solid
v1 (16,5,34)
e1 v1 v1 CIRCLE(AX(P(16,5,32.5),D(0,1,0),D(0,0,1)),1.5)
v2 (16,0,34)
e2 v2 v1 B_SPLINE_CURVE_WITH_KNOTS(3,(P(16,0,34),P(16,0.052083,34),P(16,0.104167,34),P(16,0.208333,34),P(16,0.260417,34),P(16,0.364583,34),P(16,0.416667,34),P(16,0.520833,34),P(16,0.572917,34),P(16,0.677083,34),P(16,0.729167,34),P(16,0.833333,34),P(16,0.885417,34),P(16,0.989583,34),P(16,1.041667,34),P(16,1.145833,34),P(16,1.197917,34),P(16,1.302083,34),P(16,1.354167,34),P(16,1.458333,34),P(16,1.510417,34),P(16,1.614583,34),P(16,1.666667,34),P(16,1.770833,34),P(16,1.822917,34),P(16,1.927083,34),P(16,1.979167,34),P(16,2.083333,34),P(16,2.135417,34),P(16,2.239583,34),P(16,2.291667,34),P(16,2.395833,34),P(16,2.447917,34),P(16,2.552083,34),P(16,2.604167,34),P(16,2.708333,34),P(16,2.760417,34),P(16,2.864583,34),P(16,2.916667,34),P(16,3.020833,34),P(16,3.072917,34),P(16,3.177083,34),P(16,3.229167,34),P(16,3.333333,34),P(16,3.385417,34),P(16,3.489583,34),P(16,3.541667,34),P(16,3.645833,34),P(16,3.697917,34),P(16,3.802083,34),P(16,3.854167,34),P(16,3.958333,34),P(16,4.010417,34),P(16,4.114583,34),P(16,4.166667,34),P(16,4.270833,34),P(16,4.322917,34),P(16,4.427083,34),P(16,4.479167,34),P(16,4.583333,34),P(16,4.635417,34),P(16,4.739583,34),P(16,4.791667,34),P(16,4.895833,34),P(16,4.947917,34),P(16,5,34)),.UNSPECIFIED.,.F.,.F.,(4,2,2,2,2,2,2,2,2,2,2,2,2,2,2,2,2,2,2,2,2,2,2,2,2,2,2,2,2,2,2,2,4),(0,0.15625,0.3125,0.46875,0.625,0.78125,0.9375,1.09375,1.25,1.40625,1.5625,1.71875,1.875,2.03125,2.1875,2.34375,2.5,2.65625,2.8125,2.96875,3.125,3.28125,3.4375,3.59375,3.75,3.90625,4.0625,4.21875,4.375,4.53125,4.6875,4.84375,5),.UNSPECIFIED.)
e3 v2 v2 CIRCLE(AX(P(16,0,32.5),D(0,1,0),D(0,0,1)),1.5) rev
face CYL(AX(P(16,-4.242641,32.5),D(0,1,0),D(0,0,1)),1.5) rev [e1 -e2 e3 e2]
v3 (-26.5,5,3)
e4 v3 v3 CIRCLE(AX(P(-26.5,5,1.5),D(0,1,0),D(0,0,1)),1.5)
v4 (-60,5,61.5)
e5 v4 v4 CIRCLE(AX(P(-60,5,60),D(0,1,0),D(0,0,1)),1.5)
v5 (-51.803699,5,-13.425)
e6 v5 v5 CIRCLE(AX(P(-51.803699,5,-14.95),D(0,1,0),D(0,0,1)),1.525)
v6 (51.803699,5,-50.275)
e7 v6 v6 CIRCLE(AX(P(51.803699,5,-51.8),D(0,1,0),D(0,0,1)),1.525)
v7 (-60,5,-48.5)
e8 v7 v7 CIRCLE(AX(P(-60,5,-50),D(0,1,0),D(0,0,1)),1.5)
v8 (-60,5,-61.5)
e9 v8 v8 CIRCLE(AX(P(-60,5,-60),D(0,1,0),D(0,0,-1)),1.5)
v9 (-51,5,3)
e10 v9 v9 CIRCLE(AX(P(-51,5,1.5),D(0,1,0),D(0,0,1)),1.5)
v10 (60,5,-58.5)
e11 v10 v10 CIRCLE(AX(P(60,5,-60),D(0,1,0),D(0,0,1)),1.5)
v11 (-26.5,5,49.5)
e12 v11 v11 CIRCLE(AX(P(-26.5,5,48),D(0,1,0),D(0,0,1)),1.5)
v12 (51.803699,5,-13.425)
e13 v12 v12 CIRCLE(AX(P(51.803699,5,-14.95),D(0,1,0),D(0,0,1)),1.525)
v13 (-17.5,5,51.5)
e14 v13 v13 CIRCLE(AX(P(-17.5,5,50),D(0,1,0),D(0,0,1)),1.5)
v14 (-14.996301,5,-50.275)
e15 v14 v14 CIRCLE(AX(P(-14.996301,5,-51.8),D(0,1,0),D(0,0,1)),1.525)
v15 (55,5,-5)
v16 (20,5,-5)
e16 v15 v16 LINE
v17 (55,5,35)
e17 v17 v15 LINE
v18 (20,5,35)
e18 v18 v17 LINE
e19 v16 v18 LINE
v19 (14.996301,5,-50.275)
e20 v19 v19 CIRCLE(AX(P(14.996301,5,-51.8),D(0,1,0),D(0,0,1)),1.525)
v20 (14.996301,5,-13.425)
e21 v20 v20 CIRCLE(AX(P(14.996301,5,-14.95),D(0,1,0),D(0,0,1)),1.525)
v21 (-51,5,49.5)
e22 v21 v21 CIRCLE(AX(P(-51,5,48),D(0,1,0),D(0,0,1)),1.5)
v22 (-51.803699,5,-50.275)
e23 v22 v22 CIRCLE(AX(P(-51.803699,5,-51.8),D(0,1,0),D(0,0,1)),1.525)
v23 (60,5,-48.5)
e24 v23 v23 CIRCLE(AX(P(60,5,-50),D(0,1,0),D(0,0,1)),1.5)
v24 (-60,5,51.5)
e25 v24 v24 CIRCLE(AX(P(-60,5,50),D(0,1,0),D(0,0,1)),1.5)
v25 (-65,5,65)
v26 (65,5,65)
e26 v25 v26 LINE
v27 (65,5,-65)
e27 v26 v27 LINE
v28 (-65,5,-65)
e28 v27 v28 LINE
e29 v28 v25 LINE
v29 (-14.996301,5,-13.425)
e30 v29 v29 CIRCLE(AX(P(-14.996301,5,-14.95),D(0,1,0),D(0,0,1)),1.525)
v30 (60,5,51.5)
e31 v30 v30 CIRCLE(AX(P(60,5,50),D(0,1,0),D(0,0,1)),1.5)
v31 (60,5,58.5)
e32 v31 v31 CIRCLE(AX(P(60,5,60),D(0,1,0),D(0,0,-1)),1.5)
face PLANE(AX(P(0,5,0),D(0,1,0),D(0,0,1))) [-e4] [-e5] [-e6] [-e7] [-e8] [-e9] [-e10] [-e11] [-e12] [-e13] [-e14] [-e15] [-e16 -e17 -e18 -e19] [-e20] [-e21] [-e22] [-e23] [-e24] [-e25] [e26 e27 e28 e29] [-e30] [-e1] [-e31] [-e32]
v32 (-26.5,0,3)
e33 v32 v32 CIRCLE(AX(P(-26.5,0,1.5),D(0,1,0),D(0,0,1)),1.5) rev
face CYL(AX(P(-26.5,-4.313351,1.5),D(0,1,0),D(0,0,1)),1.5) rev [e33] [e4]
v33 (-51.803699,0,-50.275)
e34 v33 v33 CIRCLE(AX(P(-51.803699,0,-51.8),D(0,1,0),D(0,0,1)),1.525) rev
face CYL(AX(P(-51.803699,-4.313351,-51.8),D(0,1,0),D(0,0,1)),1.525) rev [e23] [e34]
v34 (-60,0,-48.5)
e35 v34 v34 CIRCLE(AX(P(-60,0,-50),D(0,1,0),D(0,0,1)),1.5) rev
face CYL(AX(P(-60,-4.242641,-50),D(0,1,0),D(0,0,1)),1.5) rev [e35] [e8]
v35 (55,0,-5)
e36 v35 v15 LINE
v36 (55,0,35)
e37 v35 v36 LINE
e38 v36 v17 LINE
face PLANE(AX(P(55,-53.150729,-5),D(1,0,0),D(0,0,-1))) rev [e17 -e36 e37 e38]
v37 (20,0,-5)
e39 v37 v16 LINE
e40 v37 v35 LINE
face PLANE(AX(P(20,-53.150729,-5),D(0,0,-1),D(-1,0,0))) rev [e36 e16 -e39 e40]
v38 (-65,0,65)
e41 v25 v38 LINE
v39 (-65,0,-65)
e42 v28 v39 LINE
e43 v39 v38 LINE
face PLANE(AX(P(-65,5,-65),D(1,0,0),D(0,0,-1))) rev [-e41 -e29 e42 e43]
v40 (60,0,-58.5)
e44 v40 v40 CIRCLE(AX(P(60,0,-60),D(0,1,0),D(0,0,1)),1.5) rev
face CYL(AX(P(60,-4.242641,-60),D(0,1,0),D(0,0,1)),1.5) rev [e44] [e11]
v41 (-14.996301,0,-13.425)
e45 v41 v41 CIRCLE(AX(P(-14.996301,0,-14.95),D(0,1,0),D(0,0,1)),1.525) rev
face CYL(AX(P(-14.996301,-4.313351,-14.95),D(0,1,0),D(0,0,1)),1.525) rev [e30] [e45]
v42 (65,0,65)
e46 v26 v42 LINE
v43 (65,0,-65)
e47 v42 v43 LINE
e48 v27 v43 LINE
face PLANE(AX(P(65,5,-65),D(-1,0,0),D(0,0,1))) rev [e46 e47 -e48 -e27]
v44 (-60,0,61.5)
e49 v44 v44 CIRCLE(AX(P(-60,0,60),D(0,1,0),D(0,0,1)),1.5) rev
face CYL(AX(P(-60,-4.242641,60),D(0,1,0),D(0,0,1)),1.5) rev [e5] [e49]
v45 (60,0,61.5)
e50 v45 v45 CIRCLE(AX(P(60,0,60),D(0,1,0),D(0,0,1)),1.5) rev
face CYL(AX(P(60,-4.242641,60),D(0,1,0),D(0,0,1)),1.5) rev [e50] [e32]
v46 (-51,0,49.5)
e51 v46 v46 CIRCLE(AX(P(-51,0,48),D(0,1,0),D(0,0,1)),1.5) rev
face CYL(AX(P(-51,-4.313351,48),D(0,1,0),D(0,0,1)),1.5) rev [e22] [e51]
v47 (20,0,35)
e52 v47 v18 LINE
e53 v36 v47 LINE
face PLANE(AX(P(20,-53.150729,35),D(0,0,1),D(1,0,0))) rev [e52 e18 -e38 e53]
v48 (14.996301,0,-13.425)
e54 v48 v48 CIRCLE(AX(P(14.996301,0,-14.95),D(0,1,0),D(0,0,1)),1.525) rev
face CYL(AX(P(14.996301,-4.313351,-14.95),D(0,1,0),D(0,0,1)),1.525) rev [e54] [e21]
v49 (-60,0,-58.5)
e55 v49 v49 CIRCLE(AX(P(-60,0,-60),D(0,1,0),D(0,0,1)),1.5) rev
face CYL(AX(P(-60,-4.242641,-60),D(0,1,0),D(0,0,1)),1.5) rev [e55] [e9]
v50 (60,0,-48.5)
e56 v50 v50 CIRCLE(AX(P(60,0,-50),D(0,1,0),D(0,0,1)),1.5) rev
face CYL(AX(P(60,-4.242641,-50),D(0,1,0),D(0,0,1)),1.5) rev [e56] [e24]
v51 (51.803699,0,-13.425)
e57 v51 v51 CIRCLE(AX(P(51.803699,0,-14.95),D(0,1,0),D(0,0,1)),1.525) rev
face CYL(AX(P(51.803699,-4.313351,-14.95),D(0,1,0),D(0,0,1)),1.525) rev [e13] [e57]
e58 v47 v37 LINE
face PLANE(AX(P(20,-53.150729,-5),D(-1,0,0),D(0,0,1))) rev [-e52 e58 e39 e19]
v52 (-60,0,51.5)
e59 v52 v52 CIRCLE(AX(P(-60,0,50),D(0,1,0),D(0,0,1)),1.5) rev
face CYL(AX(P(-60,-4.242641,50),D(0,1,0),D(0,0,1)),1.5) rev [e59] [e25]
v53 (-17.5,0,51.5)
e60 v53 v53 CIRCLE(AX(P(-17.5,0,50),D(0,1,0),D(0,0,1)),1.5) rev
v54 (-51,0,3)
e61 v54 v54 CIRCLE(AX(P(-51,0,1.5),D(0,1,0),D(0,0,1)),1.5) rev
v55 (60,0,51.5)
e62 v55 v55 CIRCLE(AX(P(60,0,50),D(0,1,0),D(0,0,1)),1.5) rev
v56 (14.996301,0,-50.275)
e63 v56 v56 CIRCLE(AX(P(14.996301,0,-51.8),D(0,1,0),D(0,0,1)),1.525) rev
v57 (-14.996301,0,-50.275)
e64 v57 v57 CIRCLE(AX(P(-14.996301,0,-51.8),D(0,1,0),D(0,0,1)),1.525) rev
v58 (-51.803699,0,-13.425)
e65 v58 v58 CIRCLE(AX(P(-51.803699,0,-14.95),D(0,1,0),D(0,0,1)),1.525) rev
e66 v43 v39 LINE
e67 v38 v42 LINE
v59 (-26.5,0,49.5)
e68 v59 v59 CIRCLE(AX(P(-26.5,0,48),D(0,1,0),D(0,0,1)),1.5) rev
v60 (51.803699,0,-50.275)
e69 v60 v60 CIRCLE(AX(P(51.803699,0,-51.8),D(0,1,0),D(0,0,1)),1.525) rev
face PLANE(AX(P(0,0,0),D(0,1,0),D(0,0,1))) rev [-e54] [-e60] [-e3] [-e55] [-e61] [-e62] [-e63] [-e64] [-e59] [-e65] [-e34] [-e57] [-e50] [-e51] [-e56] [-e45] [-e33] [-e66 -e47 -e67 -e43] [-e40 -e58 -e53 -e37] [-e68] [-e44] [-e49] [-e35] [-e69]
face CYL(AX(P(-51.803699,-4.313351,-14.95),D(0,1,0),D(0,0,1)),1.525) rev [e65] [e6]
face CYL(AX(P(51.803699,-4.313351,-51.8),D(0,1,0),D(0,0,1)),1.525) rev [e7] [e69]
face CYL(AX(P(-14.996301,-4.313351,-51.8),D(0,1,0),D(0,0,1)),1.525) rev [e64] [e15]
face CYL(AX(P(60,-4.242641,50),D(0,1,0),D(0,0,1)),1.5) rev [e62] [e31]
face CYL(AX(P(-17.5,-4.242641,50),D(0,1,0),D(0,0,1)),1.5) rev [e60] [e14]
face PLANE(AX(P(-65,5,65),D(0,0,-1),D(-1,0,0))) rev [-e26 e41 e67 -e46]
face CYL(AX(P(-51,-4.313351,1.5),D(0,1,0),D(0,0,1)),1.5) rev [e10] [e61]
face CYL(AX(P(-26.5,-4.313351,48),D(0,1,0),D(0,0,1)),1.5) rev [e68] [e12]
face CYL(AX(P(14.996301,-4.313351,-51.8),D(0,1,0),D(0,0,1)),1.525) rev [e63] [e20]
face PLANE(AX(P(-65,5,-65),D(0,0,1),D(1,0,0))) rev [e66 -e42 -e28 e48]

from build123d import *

# Parameters (mm, degrees)
SKETCH1_W           = 130
SKETCH1_H           = 130
BOSS_EXTRUDE1_DEPTH = 5
SKETCH4_R           = 1.5
CUT_EXTRUDE1_DEPTH  = 5
SKETCH8_R           = 1.5
CUT_EXTRUDE4_DEPTH  = 5
SKETCH9_W           = 35
SKETCH9_H           = 40
CUT_EXTRUDE5_DEPTH  = 5
SKETCH10_R          = 1.5
CUT_EXTRUDE6_DEPTH  = 5
SKETCH11_R          = 1.525
SKETCH11_R_2        = 1.5
CUT_EXTRUDE7_DEPTH  = 5
SKETCH12_R          = 1.5
CUT_EXTRUDE8_DEPTH  = 5


with BuildPart() as part:
    # Sketch1 → Boss-Extrude1 (new body)
    with BuildSketch(Plane(origin=(0, 0, 0), x_dir=(1, 0, 0), z_dir=(0, 1, 0))):
        Rectangle(SKETCH1_W, SKETCH1_H)
    extrude(amount=BOSS_EXTRUDE1_DEPTH)

    # Sketch4 → Cut-Extrude1 (cut)
    with BuildSketch(Plane(origin=(0, 5, 0), x_dir=(1, 0, 0), z_dir=(0, 1, 0))):
        with Locations(Location((60, 60, 0), (0, 0, 270))):
            Circle(SKETCH4_R)
        with Locations(Location((60, -60, 0), (0, 0, 270))):
            Circle(SKETCH4_R)
        with Locations(Location((-60, -60, 0), (0, 0, 270))):
            Circle(SKETCH4_R)
        with Locations(Location((-60, 60, 0), (0, 0, 270))):
            Circle(SKETCH4_R)
    extrude(amount=-CUT_EXTRUDE1_DEPTH, mode=Mode.SUBTRACT)

    # Sketch8 → Cut-Extrude4 (cut)
    with BuildSketch(Plane(origin=(0, 5, 0), x_dir=(1, 0, 0), z_dir=(0, 1, 0))):
        with Locations(Location((-60, 50, 0), (0, 0, 270))):
            Circle(SKETCH8_R)
        with Locations(Location((60, 50, 0), (0, 0, 270))):
            Circle(SKETCH8_R)
        with Locations(Location((60, -50, 0), (0, 0, 270))):
            Circle(SKETCH8_R)
        with Locations(Location((-60, -50, 0), (0, 0, 270))):
            Circle(SKETCH8_R)
    extrude(amount=-CUT_EXTRUDE4_DEPTH, mode=Mode.SUBTRACT)

    # Sketch9 → Cut-Extrude5 (cut)
    with BuildSketch(Plane(origin=(0, 5, 0), x_dir=(1, 0, 0), z_dir=(0, 1, 0))):
        with Locations((37.5, -15)):
            Rectangle(SKETCH9_W, SKETCH9_H)
    extrude(amount=-CUT_EXTRUDE5_DEPTH, mode=Mode.SUBTRACT)

    # Sketch10 → Cut-Extrude6 (cut)
    with BuildSketch(Plane(origin=(0, 5, 0), x_dir=(1, 0, 0), z_dir=(0, 1, 0))):
        with Locations(Location((-17.5, -50, 0), (0, 0, 270))):
            Circle(SKETCH10_R)
    extrude(amount=-CUT_EXTRUDE6_DEPTH, mode=Mode.SUBTRACT)

    # Sketch11 → Cut-Extrude7 (cut)
    with BuildSketch(Plane(origin=(0, 5, 0), x_dir=(1, 0, 0), z_dir=(0, 1, 0))):
        with Locations(Location((-51.803699422, 51.8, 0), (0, 0, 270))):
            Circle(SKETCH11_R)
        with Locations(Location((-14.996300578, 51.8, 0), (0, 0, 270))):
            Circle(SKETCH11_R)
        with Locations(Location((14.996300578, 51.8, 0), (0, 0, 270))):
            Circle(SKETCH11_R)
        with Locations(Location((51.803699422, 51.8, 0), (0, 0, 270))):
            Circle(SKETCH11_R)
        with Locations(Location((51.803699422, 14.95, 0), (0, 0, 270))):
            Circle(SKETCH11_R)
        with Locations(Location((14.996300578, 14.95, 0), (0, 0, 270))):
            Circle(SKETCH11_R)
        with Locations(Location((-14.996300578, 14.95, 0), (0, 0, 270))):
            Circle(SKETCH11_R)
        with Locations(Location((-51.803699422, 14.95, 0), (0, 0, 270))):
            Circle(SKETCH11_R)
        with Locations(Location((-51, -1.5, 0), (0, 0, 270))):
            Circle(SKETCH11_R_2)
        with Locations(Location((-26.5, -1.5, 0), (0, 0, 270))):
            Circle(SKETCH11_R_2)
        with Locations(Location((-26.5, -48, 0), (0, 0, 270))):
            Circle(SKETCH11_R_2)
        with Locations(Location((-51, -48, 0), (0, 0, 270))):
            Circle(SKETCH11_R_2)
    extrude(amount=-CUT_EXTRUDE7_DEPTH, mode=Mode.SUBTRACT)

    # Sketch12 → Cut-Extrude8 (cut)
    with BuildSketch(Plane(origin=(0, 5, 0), x_dir=(1, 0, 0), z_dir=(0, 1, 0))):
        with Locations(Location((16, -32.5, 0), (0, 0, 270))):
            Circle(SKETCH12_R)
    extrude(amount=-CUT_EXTRUDE8_DEPTH, mode=Mode.SUBTRACT)


solid = part.part
